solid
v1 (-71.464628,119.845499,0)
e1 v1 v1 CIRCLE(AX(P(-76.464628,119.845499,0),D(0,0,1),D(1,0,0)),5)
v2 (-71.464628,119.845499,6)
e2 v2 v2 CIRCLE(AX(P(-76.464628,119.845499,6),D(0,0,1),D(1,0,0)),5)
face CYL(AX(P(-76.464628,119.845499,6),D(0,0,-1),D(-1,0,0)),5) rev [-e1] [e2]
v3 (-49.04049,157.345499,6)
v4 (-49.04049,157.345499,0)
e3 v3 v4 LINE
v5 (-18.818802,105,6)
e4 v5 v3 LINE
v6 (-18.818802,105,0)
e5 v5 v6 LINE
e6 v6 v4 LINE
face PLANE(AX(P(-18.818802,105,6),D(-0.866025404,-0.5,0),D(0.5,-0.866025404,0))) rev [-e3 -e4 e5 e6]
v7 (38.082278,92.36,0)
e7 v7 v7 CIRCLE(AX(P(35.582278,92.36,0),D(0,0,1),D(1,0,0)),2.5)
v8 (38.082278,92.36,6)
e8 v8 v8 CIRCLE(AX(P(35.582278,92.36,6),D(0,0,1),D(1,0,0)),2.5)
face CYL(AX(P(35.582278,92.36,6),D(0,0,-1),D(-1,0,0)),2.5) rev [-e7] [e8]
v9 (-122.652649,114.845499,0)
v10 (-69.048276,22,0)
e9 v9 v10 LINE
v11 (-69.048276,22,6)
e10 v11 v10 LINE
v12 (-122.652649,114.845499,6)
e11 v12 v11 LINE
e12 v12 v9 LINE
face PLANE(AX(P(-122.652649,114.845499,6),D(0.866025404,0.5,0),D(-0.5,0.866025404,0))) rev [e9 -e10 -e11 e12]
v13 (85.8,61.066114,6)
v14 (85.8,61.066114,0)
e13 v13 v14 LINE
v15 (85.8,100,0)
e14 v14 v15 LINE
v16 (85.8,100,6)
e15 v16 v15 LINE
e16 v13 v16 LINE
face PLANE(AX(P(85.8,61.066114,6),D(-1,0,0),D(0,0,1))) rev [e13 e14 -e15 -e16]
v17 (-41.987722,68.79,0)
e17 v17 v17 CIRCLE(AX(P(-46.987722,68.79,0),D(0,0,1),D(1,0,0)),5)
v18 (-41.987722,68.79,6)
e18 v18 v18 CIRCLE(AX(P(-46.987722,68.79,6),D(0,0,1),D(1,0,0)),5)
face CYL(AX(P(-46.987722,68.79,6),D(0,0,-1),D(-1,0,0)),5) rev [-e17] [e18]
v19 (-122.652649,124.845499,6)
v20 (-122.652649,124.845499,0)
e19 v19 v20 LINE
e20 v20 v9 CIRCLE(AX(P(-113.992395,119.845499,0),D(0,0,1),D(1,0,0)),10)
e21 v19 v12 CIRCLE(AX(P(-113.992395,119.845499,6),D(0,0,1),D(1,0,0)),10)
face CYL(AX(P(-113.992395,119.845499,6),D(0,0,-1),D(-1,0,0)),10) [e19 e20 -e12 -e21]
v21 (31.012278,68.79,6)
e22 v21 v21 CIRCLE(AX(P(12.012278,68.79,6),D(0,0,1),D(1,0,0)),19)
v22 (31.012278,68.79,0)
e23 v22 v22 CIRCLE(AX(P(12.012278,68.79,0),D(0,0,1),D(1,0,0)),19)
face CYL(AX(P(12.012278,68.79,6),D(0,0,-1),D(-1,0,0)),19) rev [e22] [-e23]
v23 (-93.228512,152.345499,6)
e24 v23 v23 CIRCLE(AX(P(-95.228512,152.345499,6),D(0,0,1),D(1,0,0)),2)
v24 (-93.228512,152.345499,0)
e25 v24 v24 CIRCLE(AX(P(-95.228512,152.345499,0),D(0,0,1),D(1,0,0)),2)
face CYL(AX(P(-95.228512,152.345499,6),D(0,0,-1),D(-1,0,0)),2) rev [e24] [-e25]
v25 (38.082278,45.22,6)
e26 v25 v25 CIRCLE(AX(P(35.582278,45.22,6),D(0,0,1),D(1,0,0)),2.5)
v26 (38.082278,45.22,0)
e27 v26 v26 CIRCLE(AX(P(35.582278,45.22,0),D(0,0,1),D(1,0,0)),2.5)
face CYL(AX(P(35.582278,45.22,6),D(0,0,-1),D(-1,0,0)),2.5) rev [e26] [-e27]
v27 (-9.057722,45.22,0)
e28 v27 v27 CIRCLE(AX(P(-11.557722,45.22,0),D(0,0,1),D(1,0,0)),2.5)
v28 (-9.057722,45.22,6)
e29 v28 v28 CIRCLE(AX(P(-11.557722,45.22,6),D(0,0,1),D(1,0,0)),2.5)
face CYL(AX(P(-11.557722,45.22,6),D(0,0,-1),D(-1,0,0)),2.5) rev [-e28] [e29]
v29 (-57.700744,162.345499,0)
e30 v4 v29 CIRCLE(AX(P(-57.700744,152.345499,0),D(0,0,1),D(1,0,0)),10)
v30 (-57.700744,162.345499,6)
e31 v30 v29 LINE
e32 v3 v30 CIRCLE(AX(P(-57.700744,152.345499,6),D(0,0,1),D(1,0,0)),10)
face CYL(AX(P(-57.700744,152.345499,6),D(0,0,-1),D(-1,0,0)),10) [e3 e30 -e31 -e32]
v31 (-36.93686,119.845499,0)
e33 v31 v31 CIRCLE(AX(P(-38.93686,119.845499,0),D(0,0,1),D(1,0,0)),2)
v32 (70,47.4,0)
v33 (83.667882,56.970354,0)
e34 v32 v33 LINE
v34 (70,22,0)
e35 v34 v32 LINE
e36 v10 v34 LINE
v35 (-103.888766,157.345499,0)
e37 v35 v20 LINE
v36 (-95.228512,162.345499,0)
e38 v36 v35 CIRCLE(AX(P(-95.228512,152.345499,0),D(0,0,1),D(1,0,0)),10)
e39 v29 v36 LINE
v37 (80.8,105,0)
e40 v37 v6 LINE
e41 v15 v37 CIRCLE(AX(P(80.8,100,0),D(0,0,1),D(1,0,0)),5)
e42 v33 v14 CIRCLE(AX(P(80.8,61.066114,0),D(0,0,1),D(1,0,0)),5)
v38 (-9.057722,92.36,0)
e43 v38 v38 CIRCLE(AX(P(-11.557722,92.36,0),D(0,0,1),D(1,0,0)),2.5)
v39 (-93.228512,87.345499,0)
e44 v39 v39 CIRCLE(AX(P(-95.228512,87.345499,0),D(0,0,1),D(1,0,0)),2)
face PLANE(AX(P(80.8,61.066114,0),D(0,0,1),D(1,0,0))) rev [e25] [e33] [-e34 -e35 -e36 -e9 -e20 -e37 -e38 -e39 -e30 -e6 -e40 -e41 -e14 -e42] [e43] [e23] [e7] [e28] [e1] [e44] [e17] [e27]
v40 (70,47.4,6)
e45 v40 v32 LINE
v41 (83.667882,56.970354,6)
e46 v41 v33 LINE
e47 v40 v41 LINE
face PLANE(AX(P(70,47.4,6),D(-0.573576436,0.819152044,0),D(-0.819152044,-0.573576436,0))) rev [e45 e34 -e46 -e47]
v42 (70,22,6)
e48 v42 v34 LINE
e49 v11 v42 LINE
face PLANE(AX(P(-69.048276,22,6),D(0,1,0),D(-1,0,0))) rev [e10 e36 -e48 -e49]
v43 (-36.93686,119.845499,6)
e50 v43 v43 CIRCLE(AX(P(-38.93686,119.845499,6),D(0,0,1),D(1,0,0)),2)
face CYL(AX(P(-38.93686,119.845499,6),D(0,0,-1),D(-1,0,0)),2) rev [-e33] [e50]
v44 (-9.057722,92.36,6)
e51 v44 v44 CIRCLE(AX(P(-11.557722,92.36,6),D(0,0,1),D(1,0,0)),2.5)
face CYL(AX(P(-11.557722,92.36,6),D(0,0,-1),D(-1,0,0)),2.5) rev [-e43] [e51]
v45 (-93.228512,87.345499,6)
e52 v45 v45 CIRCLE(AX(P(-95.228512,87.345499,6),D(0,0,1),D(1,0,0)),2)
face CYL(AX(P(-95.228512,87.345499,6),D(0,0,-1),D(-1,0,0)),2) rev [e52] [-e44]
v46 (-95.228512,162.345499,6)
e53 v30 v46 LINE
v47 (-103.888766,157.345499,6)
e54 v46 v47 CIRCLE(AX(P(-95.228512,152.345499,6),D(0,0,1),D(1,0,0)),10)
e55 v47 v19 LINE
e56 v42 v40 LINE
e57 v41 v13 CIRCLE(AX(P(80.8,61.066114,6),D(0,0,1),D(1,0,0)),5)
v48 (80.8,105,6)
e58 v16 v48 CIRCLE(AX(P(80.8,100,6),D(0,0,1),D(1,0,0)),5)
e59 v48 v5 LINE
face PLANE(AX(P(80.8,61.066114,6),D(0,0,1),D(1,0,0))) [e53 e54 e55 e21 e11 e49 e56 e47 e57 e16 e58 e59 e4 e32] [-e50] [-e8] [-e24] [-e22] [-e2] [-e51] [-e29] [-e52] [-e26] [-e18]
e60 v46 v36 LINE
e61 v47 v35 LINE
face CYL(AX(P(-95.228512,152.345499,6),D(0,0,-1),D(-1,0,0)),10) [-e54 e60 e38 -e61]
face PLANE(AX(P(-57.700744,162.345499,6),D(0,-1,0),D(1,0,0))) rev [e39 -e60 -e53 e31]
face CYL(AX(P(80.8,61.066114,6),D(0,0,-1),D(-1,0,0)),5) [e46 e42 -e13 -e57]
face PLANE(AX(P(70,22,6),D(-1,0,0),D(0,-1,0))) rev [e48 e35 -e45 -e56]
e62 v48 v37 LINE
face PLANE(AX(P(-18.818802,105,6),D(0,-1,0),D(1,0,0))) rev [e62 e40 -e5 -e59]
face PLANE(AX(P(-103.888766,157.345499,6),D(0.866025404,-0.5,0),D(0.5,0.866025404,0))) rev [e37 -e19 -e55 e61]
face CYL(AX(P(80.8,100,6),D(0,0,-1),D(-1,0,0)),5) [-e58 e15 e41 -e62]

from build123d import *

# Parameters (mm, degrees)
SKETCH2_R           = 2.5
SKETCH2_R_2         = 19
SKETCH2_R_3         = 5
SKETCH2_R_4         = 2
BOSS_EXTRUDE2_DEPTH = 6


with BuildPart() as part:
    # Sketch2 → Boss-Extrude2 (new body)
    with BuildSketch(Plane.XY):
        with BuildLine():
            Line((-69.048275573, 22), (70, 22))
            Line((70, 22), (70, 47.4))
            Line((70, 47.4), (83.667882182, 56.970354135))
            ThreePointArc((83.667882182, 56.970354135), (85.235054166, 58.75737129), (85.8, 61.066114356))
            Line((85.8, 61.066114356), (85.8, 100))
            ThreePointArc((85.8, 100), (84.335533906, 103.535533906), (80.8, 105))
            Line((80.8, 105), (-18.818802154, 105))
            Line((-18.818802154, 105), (-49.04048999, 157.345498823))
            ThreePointArc((-49.04048999, 157.345498823), (-52.700744028, 161.005752861), (-57.700744028, 162.345498823))
            Line((-57.700744028, 162.345498823), (-95.228511525, 162.345498823))
            ThreePointArc((-95.228511525, 162.345498823), (-100.228511525, 161.005752861), (-103.888765563, 157.345498823))
            Line((-103.888765563, 157.345498823), (-122.652649312, 124.845498823))
            ThreePointArc((-122.652649312, 124.845498823), (-123.992395274, 119.845498823), (-122.652649312, 114.845498823))
            Line((-122.652649312, 114.845498823), (-69.048275573, 22))
        make_face()
        with Locations((-11.557721787, 45.22)):
            Circle(SKETCH2_R, mode=Mode.SUBTRACT)
        with Locations((35.582278213, 45.22)):
            Circle(SKETCH2_R, mode=Mode.SUBTRACT)
        with Locations((35.582278213, 92.36)):
            Circle(SKETCH2_R, mode=Mode.SUBTRACT)
        with Locations((12.012278213, 68.79)):
            Circle(SKETCH2_R_2, mode=Mode.SUBTRACT)
        with Locations((-11.557721787, 92.36)):
            Circle(SKETCH2_R, mode=Mode.SUBTRACT)
        with Locations((-46.987721787, 68.79)):
            Circle(SKETCH2_R_3, mode=Mode.SUBTRACT)
        with Locations((-38.936860279, 119.845498823)):
            Circle(SKETCH2_R_4, mode=Mode.SUBTRACT)
        with Locations((-95.228511525, 87.345498823)):
            Circle(SKETCH2_R_4, mode=Mode.SUBTRACT)
        with Locations((-76.464627777, 119.845498823)):
            Circle(SKETCH2_R_3, mode=Mode.SUBTRACT)
        with Locations((-95.228511525, 152.345498823)):
            Circle(SKETCH2_R_4, mode=Mode.SUBTRACT)
    extrude(amount=BOSS_EXTRUDE2_DEPTH)


solid = part.part
